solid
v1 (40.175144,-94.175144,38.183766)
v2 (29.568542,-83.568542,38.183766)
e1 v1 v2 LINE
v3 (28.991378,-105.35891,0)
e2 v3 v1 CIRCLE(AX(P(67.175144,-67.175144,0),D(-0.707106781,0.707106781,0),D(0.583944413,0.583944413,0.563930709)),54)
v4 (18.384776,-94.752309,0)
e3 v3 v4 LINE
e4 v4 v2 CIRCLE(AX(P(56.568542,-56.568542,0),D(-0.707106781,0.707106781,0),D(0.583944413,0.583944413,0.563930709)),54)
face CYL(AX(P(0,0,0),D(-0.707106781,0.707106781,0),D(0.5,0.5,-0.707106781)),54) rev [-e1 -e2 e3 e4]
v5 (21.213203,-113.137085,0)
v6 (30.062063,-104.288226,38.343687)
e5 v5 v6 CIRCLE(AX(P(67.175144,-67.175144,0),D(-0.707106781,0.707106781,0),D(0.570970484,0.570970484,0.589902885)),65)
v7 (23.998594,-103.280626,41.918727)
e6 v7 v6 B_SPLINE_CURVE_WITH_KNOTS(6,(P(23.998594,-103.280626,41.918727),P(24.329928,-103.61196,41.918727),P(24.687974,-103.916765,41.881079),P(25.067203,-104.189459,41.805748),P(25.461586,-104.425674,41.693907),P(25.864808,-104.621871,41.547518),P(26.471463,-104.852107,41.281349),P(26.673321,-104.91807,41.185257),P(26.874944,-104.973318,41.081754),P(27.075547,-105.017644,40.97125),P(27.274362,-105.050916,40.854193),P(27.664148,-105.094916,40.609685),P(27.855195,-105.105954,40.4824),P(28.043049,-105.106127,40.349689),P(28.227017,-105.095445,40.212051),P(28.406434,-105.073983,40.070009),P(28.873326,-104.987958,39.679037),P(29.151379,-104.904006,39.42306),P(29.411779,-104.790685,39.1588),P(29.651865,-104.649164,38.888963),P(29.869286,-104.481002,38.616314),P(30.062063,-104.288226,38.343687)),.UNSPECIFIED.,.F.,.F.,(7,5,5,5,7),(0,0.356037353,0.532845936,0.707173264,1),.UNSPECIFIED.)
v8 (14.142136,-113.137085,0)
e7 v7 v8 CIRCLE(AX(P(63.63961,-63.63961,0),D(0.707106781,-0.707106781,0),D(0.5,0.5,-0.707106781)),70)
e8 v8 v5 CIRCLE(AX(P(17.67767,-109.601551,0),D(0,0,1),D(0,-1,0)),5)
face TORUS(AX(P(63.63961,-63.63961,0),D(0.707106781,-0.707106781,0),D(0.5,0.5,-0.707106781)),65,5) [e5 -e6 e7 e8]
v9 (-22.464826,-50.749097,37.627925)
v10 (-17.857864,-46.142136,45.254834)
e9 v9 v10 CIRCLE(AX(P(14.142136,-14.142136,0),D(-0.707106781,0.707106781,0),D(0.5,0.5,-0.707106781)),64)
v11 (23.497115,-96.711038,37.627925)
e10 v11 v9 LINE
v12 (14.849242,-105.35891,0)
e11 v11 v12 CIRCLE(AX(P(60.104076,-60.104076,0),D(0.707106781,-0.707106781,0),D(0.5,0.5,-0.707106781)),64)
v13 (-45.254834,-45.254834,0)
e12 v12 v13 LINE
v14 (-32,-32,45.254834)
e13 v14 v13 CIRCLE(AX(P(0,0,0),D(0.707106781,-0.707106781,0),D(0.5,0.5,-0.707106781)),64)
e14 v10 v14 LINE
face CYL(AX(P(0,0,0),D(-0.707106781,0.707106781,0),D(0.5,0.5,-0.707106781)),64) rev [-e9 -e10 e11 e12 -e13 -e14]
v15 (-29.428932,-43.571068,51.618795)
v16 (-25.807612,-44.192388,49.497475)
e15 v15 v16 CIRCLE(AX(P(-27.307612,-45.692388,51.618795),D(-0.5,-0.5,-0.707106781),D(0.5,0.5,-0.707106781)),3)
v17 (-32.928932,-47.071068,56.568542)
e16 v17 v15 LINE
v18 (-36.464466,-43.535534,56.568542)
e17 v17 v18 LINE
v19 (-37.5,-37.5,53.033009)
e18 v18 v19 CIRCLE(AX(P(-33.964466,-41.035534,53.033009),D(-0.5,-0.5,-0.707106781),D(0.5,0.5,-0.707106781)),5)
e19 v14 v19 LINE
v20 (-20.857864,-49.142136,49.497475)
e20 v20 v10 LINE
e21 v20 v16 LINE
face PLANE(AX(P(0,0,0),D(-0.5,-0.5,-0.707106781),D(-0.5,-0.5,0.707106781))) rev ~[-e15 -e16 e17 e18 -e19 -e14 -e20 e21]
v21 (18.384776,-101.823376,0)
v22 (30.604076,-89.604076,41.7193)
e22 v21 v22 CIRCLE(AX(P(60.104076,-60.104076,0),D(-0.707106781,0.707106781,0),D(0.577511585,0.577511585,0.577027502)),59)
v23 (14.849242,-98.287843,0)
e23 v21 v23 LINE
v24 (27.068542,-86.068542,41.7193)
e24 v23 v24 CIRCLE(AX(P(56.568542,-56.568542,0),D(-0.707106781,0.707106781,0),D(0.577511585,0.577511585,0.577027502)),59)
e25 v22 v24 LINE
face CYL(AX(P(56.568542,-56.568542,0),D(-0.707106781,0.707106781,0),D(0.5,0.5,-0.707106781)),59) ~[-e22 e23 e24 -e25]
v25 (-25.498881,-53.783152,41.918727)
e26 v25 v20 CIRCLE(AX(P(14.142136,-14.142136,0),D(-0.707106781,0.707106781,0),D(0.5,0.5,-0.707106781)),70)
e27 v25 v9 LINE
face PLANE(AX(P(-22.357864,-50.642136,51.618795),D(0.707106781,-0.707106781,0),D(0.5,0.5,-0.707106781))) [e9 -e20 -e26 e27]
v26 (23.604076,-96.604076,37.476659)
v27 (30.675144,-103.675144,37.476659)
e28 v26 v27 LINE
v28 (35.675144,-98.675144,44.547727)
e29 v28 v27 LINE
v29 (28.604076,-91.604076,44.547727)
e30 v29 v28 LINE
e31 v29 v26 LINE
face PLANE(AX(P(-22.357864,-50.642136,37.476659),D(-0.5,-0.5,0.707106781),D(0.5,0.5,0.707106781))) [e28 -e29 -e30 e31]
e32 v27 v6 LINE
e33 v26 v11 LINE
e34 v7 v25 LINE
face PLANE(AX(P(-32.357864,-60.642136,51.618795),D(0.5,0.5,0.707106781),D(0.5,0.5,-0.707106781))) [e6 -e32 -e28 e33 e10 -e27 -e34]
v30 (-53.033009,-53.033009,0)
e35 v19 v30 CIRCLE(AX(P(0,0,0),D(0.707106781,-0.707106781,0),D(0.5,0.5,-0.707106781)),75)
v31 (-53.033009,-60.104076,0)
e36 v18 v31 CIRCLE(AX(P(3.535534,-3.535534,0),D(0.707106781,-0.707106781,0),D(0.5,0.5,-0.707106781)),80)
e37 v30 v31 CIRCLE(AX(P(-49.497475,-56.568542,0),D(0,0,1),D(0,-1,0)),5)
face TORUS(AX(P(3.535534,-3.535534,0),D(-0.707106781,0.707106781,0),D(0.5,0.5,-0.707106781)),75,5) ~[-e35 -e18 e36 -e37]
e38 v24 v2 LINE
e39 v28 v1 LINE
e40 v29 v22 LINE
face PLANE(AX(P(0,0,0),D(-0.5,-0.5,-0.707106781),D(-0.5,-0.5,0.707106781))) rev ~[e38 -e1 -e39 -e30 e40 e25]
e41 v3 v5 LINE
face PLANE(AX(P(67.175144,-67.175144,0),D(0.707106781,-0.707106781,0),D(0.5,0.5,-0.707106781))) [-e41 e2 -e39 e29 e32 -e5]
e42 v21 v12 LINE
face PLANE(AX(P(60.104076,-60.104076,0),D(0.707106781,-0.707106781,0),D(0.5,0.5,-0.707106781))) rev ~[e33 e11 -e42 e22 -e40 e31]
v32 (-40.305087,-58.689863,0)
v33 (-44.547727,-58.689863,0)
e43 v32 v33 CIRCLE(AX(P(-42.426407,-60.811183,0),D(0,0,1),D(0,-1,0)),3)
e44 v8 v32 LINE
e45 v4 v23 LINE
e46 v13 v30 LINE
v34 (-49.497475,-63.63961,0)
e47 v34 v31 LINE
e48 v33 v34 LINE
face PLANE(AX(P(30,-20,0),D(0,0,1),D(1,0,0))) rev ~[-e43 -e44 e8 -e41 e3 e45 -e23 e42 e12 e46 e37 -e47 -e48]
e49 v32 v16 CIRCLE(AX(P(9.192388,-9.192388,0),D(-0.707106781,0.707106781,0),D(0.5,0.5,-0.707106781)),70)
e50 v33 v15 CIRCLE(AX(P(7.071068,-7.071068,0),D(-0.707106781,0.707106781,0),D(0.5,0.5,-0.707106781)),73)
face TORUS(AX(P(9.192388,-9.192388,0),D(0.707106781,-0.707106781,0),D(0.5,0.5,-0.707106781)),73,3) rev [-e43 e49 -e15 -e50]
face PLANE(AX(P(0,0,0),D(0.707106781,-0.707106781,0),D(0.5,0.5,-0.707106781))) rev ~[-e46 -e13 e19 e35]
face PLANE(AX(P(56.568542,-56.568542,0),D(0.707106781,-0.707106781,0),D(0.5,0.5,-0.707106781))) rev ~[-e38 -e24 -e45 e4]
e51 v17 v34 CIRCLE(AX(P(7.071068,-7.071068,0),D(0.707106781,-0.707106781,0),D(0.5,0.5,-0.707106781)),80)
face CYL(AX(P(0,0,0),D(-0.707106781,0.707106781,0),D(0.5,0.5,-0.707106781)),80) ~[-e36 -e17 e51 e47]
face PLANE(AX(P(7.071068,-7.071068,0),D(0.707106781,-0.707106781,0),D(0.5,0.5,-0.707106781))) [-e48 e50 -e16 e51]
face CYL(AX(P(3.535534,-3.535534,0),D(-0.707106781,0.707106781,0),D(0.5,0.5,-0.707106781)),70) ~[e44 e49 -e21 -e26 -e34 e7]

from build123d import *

# Parameters (mm, degrees)
BOX007_W               = 100
BOX007_H               = 100
BOX007_DEPTH           = 100
BOX006_W               = 100
BOX006_H               = 100
BOX006_DEPTH           = 100
BOX006_PLACEMENT_ANGLE = 90
BOX005_W               = 200
BOX005_H               = 200
BOX005_DEPTH           = 100
BOX004_W               = 20
BOX004_H               = 20
BOX004_DEPTH           = 80
BOX003_W               = 20
BOX003_H               = 20
BOX003_DEPTH           = 80
BOX002_W               = 10
BOX002_H               = 25
BOX002_DEPTH           = 35
BOX002_PITCH_ANGLE     = -15
BOX001_W               = 10
BOX001_H               = 25
BOX001_DEPTH           = 35
BOX001_PITCH_ANGLE     = 15
BOX_W                  = 20
BOX_H                  = 25
BOX_DEPTH              = 35
CYLINDER005_R          = 10
CYLINDER005_DEPTH      = 180
CYLINDER005_ROLL_ANGLE = 90
CYLINDER004_R          = 54
CYLINDER004_DEPTH      = 100
CYLINDER003_R          = 59
CYLINDER003_DEPTH      = 10
CYLINDER002_R          = 64
CYLINDER002_DEPTH      = 85
CYLINDER001_R          = 70
CYLINDER001_DEPTH      = 90
CYLINDER_R             = 80
CYLINDER_DEPTH         = 10
FILLET_R               = 3
FILLET001_R            = 5
FILLET002_R            = 5
CUT007_ROLL_ANGLE      = 90
CUT007_PITCH_ANGLE     = 45
CUT007_PLACEMENT_ANGLE = 45
CUT008_ROLL_ANGLE      = -90
CUT008_PITCH_ANGLE     = -45
CUT008_PLACEMENT_ANGLE = 45
CUT010_ROLL_ANGLE      = 90
CUT010_PITCH_ANGLE     = 45
CUT010_PLACEMENT_ANGLE = 45


with BuildPart() as cube004:
    # Box007 → Box007 (new body)
    with BuildSketch(Plane.XY):
        with Locations((50, 50)):
            Rectangle(BOX007_W, BOX007_H)
    extrude(amount=BOX007_DEPTH)


with BuildPart() as cube003:
    # Box006 → Box006 (new body)
    with BuildSketch(Plane.XY):
        with Locations((50, 50)):
            Rectangle(BOX006_W, BOX006_H)
    extrude(amount=BOX006_DEPTH)


with BuildPart() as cube003_1:
    # Box006 placement: moved
    add(cube003.part.rotate(Axis((0, 0, 0), (0, 0, 1)), BOX006_PLACEMENT_ANGLE))


with BuildPart() as cube002:
    # Box005 → Box005 (new body)
    with BuildSketch(Plane(origin=(-70, -120, -100), x_dir=(1, 0, 0), z_dir=(0, 0, 1))):
        with Locations((100, 100)):
            Rectangle(BOX005_W, BOX005_H)
    extrude(amount=BOX005_DEPTH)


with BuildPart() as tab_cut_l:
    # Box004 → Box004 (new body)
    with BuildSketch(Plane(origin=(-83, -10, 20), x_dir=(1, 0, 0), z_dir=(0, 0, 1))):
        with Locations((10, 10)):
            Rectangle(BOX004_W, BOX004_H)
    extrude(amount=BOX004_DEPTH)


with BuildPart() as tab_cut_r:
    # Box003 → Box003 (new body)
    with BuildSketch(Plane(origin=(63, -10, 20), x_dir=(1, 0, 0), z_dir=(0, 0, 1))):
        with Locations((10, 10)):
            Rectangle(BOX003_W, BOX003_H)
    extrude(amount=BOX003_DEPTH)


with BuildPart() as cube001:
    # Box002 → Box002 (new body)
    with BuildSketch(Plane.XY):
        with Locations((5, 12.5)):
            Rectangle(BOX002_W, BOX002_H)
    extrude(amount=BOX002_DEPTH)


with BuildPart() as cube001_1:
    # Box002 pitch: moved
    add(cube001.part.rotate(Axis((0, 0, 0), (0, 1, 0)), BOX002_PITCH_ANGLE))


with BuildPart() as cube001_2:
    # Box002 placement: moved
    add(cube001_1.part.moved(Location((-9.95, 48, 64))))


with BuildPart() as cube:
    # Box001 → Box001 (new body)
    with BuildSketch(Plane.XY):
        with Locations((5, 12.5)):
            Rectangle(BOX001_W, BOX001_H)
    extrude(amount=BOX001_DEPTH)


with BuildPart() as cube_1:
    # Box001 pitch: moved
    add(cube.part.rotate(Axis((0, 0, 0), (0, 1, 0)), BOX001_PITCH_ANGLE))


with BuildPart() as cube_2:
    # Box001 placement: moved
    add(cube_1.part.moved(Location((0, 48, 65))))


with BuildPart() as bearing_slot:
    # Box → Box (new body)
    with BuildSketch(Plane(origin=(-10, 48, 65), x_dir=(1, 0, 0), z_dir=(0, 0, 1))):
        with Locations((10, 12.5)):
            Rectangle(BOX_W, BOX_H)
    extrude(amount=BOX_DEPTH)


with BuildPart() as bearing_holes:
    # Cylinder005 → Cylinder005 (new body)
    with BuildSketch(Plane.XY):
        Circle(CYLINDER005_R)
    extrude(amount=CYLINDER005_DEPTH)


with BuildPart() as bearing_holes_1:
    # Cylinder005 roll: moved
    add(bearing_holes.part.rotate(Axis((0, 0, 0), (1, 0, 0)), CYLINDER005_ROLL_ANGLE))


with BuildPart() as bearing_holes_2:
    # Cylinder005 placement: moved
    add(bearing_holes_1.part.moved(Location((0, 90, 65))))


with BuildPart() as through_hole:
    # Cylinder004 → Cylinder004 (new body)
    with BuildSketch(Plane.XY):
        Circle(CYLINDER004_R)
    extrude(amount=CYLINDER004_DEPTH)


with BuildPart() as inner_lip:
    # Cylinder003 → Cylinder003 (new body)
    with BuildSketch(Plane.XY.offset(80)):
        Circle(CYLINDER003_R)
    extrude(amount=CYLINDER003_DEPTH)


with BuildPart() as inner_hole:
    # Cylinder002 → Cylinder002 (new body)
    with BuildSketch(Plane.XY):
        Circle(CYLINDER002_R)
    extrude(amount=CYLINDER002_DEPTH)


with BuildPart() as body_cylinder:
    # Cylinder001 → Cylinder001 (new body)
    with BuildSketch(Plane.XY.offset(5)):
        Circle(CYLINDER001_R)
    extrude(amount=CYLINDER001_DEPTH)


with BuildPart() as cut010:
    # Cylinder → Cylinder (new body)
    with BuildSketch(Plane.XY):
        Circle(CYLINDER_R)
    extrude(amount=CYLINDER_DEPTH)

    # Fusion: union Body_Cylinder
    add(body_cylinder.part)

    # Cut: cut Inner_Hole
    add(inner_hole.part, mode=Mode.SUBTRACT)

    # Fusion001: union Inner_Lip
    add(inner_lip.part)

    # Cut001: cut Through_Hole
    add(through_hole.part, mode=Mode.SUBTRACT)

    # Fillet
    fillet_edges = [cut010.edges().sort_by_distance(p)[0] for p in [
        (-70, 0, 10),
    ]]
    fillet(fillet_edges, radius=FILLET_R)

    # Fillet001
    fillet001_edges = [cut010.edges().sort_by_distance(p)[0] for p in [
        (-80, 0, 0),
    ]]
    fillet(fillet001_edges, radius=FILLET001_R)

    # Fillet002
    fillet002_edges = [cut010.edges().sort_by_distance(p)[0] for p in [
        (-70, 0, 95),
    ]]
    fillet(fillet002_edges, radius=FILLET002_R)

    # Cut002: cut Bearing_Holes
    add(bearing_holes_2.part, mode=Mode.SUBTRACT)

    # Cut003: cut Bearing_Slot
    add(bearing_slot.part, mode=Mode.SUBTRACT)

    # Cut004: cut Cube
    add(cube_2.part, mode=Mode.SUBTRACT)

    # Cut005: cut Cube001
    add(cube001_2.part, mode=Mode.SUBTRACT)

    # Cut006: cut Tab_Cut_R
    add(tab_cut_r.part, mode=Mode.SUBTRACT)

    # Cut007: cut Tab_Cut_L
    add(tab_cut_l.part, mode=Mode.SUBTRACT)


with BuildPart() as cut010_1:
    # Cut007 roll: moved
    add(cut010.part.rotate(Axis((0, 0, 0), (1, 0, 0)), CUT007_ROLL_ANGLE))


with BuildPart() as cut010_2:
    # Cut007 pitch: moved
    add(cut010_1.part.rotate(Axis((0, 0, 0), (0, 1, 0)), CUT007_PITCH_ANGLE))


with BuildPart() as cut010_3:
    # Cut007 placement: moved
    add(cut010_2.part.rotate(Axis((0, 0, 0), (0, 0, 1)), CUT007_PLACEMENT_ANGLE))

    # Cut008: cut Cube002
    add(cube002.part, mode=Mode.SUBTRACT)


with BuildPart() as cut010_4:
    # Cut008 roll: moved
    add(cut010_3.part.rotate(Axis((0, 0, 0), (1, 0, 0)), CUT008_ROLL_ANGLE))


with BuildPart() as cut010_5:
    # Cut008 pitch: moved
    add(cut010_4.part.rotate(Axis((0, 0, 0), (0, 1, 0)), CUT008_PITCH_ANGLE))


with BuildPart() as cut010_6:
    # Cut008 placement: moved
    add(cut010_5.part.rotate(Axis((0, 0, 0), (0, 0, 1)), CUT008_PLACEMENT_ANGLE))

    # Cut009: cut Cube003
    add(cube003_1.part, mode=Mode.SUBTRACT)

    # Cut010: cut Cube004
    add(cube004.part, mode=Mode.SUBTRACT)


with BuildPart() as cut010_7:
    # Cut010 roll: moved
    add(cut010_6.part.rotate(Axis((0, 0, 0), (1, 0, 0)), CUT010_ROLL_ANGLE))


with BuildPart() as cut010_8:
    # Cut010 pitch: moved
    add(cut010_7.part.rotate(Axis((0, 0, 0), (0, 1, 0)), CUT010_PITCH_ANGLE))


with BuildPart() as cut010_9:
    # Cut010 placement: moved
    add(cut010_8.part.rotate(Axis((0, 0, 0), (0, 0, 1)), CUT010_PLACEMENT_ANGLE))


solid = cut010_9.part
